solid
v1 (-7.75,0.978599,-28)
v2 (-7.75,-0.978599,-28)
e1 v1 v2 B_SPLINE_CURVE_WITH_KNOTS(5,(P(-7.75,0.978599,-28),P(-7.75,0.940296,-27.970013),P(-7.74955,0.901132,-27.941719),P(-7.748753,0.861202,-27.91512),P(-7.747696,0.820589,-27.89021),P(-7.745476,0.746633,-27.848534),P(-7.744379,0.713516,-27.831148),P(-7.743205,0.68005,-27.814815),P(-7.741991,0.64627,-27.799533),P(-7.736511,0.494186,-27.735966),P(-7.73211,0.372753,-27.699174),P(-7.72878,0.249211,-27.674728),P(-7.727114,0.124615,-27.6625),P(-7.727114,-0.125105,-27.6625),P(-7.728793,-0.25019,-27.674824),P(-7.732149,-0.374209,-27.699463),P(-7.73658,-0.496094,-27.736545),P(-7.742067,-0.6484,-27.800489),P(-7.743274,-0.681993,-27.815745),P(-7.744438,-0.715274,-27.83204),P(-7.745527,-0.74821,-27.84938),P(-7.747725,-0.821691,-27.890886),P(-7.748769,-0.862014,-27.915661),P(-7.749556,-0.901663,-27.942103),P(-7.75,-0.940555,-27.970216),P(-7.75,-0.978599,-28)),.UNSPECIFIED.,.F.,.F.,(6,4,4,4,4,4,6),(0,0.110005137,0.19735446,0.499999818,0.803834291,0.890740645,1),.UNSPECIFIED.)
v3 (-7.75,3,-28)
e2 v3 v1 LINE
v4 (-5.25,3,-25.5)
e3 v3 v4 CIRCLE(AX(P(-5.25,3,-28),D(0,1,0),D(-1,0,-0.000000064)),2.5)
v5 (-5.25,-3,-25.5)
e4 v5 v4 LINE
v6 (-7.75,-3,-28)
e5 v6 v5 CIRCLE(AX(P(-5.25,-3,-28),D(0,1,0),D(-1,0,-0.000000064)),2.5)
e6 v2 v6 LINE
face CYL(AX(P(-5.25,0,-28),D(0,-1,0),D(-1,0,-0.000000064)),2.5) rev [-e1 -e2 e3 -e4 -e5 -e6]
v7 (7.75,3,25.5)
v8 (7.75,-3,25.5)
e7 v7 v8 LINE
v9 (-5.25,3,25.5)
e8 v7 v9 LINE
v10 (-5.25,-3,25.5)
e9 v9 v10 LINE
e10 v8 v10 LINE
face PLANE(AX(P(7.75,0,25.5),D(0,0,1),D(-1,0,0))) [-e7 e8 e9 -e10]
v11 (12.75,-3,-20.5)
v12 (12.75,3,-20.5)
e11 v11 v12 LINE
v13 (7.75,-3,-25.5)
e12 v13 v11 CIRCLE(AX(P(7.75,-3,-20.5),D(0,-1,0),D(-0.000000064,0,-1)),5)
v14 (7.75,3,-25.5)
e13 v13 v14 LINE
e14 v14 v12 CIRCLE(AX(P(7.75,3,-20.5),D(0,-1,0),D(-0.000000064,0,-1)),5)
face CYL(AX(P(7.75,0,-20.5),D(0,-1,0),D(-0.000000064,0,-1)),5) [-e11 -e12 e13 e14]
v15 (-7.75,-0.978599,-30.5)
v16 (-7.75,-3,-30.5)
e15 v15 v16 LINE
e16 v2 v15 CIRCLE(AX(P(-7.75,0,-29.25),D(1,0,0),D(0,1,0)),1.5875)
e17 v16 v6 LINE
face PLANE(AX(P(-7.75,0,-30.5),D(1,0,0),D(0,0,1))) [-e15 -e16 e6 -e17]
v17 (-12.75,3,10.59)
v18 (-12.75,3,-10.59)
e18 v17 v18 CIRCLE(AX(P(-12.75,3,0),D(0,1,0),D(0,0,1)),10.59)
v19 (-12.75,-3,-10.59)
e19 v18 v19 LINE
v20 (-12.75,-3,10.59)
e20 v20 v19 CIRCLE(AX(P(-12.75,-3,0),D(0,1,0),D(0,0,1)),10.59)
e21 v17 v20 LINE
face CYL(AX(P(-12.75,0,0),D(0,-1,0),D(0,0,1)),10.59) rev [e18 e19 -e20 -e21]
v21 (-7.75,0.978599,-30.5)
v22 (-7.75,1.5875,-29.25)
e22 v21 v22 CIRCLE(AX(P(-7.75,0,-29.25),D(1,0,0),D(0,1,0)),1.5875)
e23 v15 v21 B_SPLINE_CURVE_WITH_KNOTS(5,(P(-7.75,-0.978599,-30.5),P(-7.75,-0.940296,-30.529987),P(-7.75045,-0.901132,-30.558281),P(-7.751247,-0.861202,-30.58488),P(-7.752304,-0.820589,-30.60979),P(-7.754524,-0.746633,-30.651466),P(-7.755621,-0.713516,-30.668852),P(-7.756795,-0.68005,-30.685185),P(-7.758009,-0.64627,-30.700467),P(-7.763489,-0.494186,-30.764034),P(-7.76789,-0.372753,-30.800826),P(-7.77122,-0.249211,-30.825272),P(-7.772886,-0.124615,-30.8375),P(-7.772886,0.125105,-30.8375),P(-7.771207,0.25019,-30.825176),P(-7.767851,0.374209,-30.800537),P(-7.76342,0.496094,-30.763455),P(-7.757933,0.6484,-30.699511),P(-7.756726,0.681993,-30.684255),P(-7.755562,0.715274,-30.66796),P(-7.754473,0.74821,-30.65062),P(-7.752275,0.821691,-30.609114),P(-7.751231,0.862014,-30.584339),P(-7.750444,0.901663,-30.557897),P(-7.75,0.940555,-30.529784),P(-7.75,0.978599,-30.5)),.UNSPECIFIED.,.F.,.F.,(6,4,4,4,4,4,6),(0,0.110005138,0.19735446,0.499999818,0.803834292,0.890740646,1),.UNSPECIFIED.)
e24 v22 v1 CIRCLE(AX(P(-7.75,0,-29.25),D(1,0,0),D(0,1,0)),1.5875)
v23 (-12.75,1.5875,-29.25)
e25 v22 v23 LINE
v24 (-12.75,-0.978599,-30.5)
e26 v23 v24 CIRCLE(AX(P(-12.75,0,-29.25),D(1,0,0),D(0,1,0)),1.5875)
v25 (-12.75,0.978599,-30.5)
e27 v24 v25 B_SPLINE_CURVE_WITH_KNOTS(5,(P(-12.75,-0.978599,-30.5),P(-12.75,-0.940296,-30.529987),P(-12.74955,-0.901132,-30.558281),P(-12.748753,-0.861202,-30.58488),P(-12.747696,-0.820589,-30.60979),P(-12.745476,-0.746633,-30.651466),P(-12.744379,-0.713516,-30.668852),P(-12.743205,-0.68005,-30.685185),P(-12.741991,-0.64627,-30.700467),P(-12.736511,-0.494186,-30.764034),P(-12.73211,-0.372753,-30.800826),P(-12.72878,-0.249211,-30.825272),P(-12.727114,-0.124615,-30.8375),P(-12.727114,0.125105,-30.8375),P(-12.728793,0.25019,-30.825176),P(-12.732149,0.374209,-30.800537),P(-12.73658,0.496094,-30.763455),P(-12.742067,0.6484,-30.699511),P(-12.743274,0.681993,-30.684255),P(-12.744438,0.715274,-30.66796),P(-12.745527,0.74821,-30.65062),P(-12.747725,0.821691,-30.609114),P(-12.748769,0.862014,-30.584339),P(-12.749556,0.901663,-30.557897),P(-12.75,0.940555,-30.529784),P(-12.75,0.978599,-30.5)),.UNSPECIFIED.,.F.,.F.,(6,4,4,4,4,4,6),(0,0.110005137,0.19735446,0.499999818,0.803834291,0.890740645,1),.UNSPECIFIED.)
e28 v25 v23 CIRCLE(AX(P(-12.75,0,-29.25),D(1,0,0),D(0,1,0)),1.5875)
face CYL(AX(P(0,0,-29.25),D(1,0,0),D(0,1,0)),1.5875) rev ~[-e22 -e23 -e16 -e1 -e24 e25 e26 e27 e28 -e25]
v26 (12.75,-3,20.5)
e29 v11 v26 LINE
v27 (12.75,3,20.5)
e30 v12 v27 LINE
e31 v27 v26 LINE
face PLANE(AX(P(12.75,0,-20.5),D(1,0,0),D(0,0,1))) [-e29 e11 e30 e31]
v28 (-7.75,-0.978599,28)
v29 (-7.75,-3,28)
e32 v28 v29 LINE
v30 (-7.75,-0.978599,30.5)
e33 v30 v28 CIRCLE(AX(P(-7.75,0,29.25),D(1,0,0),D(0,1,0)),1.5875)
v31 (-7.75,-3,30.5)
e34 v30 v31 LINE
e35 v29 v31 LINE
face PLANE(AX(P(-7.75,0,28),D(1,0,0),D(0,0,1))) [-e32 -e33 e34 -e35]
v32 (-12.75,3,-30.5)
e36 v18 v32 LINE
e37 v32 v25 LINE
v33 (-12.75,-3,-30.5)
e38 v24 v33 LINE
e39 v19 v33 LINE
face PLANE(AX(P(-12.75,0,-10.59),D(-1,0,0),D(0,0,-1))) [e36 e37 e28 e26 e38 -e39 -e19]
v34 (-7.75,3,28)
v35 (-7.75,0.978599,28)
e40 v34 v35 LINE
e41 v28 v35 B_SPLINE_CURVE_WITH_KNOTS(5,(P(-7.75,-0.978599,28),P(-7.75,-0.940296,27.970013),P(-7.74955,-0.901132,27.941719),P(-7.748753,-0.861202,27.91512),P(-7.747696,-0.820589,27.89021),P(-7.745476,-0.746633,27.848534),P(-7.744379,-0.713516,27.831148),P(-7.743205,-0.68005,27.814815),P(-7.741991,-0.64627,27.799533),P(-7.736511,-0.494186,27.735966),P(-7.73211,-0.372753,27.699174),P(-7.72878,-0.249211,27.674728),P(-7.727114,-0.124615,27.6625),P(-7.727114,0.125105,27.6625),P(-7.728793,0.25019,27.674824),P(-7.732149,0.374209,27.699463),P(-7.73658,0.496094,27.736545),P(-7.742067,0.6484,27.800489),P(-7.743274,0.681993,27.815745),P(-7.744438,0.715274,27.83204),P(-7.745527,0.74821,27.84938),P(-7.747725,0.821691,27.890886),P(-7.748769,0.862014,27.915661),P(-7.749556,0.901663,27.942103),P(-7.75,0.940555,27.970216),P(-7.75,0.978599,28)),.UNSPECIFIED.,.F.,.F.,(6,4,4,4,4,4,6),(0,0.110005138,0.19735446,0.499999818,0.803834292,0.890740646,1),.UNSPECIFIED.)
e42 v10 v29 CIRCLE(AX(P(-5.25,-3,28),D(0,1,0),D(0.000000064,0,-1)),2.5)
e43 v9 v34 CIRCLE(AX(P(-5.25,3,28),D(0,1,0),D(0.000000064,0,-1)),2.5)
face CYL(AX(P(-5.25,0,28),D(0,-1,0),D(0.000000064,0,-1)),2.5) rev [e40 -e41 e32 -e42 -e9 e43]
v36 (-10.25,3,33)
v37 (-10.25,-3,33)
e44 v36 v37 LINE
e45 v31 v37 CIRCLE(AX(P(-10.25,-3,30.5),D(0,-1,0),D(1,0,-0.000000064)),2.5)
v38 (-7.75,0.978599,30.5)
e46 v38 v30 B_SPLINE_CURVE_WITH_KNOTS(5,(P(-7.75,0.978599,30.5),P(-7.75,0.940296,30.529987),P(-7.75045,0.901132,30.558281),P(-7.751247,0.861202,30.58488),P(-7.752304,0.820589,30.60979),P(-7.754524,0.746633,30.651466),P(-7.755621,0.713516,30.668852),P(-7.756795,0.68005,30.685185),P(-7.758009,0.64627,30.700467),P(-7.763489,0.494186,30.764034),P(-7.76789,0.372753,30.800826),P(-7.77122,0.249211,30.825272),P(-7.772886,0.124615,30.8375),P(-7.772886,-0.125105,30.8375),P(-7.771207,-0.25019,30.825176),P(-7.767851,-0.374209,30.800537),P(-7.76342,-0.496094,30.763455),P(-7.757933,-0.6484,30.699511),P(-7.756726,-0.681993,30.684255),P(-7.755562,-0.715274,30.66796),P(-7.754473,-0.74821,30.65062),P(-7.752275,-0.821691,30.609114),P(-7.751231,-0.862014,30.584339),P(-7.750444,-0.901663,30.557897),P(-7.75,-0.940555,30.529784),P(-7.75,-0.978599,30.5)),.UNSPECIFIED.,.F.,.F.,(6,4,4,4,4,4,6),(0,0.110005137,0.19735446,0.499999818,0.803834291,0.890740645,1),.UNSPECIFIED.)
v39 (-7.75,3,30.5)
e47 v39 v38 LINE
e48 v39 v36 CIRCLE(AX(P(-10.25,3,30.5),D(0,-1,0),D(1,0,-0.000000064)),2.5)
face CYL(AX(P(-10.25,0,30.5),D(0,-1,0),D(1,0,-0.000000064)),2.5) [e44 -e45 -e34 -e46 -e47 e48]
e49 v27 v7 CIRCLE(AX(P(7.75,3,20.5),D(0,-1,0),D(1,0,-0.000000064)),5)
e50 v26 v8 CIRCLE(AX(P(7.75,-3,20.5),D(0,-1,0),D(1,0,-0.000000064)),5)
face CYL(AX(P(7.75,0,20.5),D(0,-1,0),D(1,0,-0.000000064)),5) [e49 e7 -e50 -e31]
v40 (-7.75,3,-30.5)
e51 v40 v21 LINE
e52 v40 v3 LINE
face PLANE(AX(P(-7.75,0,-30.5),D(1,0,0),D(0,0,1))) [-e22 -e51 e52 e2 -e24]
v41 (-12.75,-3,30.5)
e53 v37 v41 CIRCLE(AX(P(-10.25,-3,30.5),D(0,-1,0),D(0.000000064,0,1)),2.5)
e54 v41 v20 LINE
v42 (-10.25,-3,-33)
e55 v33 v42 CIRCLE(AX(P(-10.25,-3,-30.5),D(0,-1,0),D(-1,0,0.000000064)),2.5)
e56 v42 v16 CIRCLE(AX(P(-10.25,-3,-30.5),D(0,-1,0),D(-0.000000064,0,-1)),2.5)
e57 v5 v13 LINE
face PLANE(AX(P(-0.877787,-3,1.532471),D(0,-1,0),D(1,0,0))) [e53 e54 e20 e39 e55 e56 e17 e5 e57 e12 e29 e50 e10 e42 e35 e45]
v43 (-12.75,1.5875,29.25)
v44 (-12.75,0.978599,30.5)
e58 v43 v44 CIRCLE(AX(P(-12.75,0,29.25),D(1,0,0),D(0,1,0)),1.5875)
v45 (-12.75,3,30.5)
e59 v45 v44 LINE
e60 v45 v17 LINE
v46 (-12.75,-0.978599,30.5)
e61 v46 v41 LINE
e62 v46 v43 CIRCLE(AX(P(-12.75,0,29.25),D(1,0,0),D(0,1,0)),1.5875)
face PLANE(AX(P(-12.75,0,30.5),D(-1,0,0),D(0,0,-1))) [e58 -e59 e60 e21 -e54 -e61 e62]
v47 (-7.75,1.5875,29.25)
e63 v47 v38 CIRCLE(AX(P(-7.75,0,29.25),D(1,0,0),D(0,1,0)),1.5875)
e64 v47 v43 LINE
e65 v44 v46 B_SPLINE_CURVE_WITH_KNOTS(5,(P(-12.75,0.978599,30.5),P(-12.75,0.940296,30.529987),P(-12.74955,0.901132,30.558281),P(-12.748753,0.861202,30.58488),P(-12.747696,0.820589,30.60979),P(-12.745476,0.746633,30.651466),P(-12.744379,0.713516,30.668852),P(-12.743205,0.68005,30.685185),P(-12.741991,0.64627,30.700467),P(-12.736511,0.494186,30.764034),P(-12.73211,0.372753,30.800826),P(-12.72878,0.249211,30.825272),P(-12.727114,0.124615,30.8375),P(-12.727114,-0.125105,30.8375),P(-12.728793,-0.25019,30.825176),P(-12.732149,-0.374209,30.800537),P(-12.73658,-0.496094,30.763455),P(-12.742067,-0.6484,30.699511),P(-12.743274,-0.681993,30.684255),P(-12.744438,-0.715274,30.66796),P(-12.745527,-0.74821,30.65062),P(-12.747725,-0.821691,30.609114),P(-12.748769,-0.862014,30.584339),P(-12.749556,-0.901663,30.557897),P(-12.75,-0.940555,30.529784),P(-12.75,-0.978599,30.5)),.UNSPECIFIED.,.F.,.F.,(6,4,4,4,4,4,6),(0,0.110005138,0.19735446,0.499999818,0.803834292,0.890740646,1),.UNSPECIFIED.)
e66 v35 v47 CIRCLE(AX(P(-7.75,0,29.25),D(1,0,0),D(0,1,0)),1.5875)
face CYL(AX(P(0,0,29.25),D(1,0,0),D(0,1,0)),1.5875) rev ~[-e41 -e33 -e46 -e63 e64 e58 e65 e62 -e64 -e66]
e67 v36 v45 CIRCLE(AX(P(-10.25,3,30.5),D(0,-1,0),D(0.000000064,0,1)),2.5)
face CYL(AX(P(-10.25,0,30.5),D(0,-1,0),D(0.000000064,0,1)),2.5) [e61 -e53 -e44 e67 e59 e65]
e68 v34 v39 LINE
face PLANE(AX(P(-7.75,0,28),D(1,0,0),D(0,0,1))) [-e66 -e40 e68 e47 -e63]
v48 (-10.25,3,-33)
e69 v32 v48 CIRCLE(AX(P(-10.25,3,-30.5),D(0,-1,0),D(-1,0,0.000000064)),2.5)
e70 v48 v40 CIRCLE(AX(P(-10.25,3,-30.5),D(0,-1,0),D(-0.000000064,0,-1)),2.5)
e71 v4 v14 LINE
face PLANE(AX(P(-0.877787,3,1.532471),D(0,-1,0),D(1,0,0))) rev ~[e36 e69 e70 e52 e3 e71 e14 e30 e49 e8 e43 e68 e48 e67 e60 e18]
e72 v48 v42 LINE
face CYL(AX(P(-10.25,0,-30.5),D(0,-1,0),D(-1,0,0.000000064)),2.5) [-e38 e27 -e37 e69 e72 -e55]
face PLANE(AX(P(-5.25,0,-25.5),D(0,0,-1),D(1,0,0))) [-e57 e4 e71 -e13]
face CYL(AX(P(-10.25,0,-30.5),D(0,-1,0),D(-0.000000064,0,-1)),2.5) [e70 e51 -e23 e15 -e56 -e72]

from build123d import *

# Parameters (mm, degrees)
F1_DEPTH = 3
F2_R     = 1.5875
F3_DEPTH = 12.751


with BuildPart() as f1:
    # F0 (on Front) → F1 (new body, symmetric)
    with BuildSketch(Plane.XZ):
        with BuildLine():
            Line((12.75, -20.5), (12.75, 0))
            Line((12.75, 0), (12.75, 20.5))
            ThreePointArc((12.75, 20.5), (11.285534, 24.035534), (7.75, 25.5))
            Line((7.75, 25.5), (-5.25, 25.5))
            ThreePointArc((-5.25, 25.5), (-7.017767, 26.232233), (-7.75, 28))
            Line((-7.75, 28), (-7.75, 29.25))
            Line((-7.75, 29.25), (-7.75, 30.5))
            ThreePointArc((-7.75, 30.5), (-8.482233, 32.267767), (-10.25, 33))
            ThreePointArc((-10.25, 33), (-12.017767, 32.267767), (-12.75, 30.5))
            Line((-12.75, 30.5), (-12.75, 29.25))
            Line((-12.75, 29.25), (-12.75, 25.5))
            Line((-12.75, 25.5), (-12.75, 10.59))
            ThreePointArc((-12.75, 10.59), (-2.16, 0), (-12.75, -10.59))
            Line((-12.75, -10.59), (-12.75, -25.5))
            Line((-12.75, -25.5), (-7.75, -25.5))
            Line((-7.75, -25.5), (-7.75, -28))
            ThreePointArc((-7.75, -28), (-7.017767, -26.232233), (-5.25, -25.5))
            Line((-5.25, -25.5), (7.75, -25.5))
            ThreePointArc((7.75, -25.5), (11.285534, -24.035534), (12.75, -20.5))
        make_face()
        with BuildLine():
            Line((-7.75, -29.25), (-7.75, -28))
            Line((-7.75, -28), (-7.75, -25.5))
            Line((-7.75, -25.5), (-12.75, -25.5))
            Line((-12.75, -25.5), (-12.75, -29.25))
            Line((-12.75, -29.25), (-12.75, -30.5))
            ThreePointArc((-12.75, -30.5), (-12.017767, -32.267767), (-10.25, -33))
            ThreePointArc((-10.25, -33), (-8.482233, -32.267767), (-7.75, -30.5))
            Line((-7.75, -30.5), (-7.75, -29.25))
        make_face()
    extrude(amount=F1_DEPTH, both=True)

    # F2 (on Right) → F3 (cut, through all)
    with BuildSketch(Plane.YZ):
        with Locations((0, 29.25)):
            Circle(F2_R)
        with Locations((0, -29.25)):
            Circle(F2_R)
    extrude(amount=-F3_DEPTH, mode=Mode.SUBTRACT)


solid = f1.part
